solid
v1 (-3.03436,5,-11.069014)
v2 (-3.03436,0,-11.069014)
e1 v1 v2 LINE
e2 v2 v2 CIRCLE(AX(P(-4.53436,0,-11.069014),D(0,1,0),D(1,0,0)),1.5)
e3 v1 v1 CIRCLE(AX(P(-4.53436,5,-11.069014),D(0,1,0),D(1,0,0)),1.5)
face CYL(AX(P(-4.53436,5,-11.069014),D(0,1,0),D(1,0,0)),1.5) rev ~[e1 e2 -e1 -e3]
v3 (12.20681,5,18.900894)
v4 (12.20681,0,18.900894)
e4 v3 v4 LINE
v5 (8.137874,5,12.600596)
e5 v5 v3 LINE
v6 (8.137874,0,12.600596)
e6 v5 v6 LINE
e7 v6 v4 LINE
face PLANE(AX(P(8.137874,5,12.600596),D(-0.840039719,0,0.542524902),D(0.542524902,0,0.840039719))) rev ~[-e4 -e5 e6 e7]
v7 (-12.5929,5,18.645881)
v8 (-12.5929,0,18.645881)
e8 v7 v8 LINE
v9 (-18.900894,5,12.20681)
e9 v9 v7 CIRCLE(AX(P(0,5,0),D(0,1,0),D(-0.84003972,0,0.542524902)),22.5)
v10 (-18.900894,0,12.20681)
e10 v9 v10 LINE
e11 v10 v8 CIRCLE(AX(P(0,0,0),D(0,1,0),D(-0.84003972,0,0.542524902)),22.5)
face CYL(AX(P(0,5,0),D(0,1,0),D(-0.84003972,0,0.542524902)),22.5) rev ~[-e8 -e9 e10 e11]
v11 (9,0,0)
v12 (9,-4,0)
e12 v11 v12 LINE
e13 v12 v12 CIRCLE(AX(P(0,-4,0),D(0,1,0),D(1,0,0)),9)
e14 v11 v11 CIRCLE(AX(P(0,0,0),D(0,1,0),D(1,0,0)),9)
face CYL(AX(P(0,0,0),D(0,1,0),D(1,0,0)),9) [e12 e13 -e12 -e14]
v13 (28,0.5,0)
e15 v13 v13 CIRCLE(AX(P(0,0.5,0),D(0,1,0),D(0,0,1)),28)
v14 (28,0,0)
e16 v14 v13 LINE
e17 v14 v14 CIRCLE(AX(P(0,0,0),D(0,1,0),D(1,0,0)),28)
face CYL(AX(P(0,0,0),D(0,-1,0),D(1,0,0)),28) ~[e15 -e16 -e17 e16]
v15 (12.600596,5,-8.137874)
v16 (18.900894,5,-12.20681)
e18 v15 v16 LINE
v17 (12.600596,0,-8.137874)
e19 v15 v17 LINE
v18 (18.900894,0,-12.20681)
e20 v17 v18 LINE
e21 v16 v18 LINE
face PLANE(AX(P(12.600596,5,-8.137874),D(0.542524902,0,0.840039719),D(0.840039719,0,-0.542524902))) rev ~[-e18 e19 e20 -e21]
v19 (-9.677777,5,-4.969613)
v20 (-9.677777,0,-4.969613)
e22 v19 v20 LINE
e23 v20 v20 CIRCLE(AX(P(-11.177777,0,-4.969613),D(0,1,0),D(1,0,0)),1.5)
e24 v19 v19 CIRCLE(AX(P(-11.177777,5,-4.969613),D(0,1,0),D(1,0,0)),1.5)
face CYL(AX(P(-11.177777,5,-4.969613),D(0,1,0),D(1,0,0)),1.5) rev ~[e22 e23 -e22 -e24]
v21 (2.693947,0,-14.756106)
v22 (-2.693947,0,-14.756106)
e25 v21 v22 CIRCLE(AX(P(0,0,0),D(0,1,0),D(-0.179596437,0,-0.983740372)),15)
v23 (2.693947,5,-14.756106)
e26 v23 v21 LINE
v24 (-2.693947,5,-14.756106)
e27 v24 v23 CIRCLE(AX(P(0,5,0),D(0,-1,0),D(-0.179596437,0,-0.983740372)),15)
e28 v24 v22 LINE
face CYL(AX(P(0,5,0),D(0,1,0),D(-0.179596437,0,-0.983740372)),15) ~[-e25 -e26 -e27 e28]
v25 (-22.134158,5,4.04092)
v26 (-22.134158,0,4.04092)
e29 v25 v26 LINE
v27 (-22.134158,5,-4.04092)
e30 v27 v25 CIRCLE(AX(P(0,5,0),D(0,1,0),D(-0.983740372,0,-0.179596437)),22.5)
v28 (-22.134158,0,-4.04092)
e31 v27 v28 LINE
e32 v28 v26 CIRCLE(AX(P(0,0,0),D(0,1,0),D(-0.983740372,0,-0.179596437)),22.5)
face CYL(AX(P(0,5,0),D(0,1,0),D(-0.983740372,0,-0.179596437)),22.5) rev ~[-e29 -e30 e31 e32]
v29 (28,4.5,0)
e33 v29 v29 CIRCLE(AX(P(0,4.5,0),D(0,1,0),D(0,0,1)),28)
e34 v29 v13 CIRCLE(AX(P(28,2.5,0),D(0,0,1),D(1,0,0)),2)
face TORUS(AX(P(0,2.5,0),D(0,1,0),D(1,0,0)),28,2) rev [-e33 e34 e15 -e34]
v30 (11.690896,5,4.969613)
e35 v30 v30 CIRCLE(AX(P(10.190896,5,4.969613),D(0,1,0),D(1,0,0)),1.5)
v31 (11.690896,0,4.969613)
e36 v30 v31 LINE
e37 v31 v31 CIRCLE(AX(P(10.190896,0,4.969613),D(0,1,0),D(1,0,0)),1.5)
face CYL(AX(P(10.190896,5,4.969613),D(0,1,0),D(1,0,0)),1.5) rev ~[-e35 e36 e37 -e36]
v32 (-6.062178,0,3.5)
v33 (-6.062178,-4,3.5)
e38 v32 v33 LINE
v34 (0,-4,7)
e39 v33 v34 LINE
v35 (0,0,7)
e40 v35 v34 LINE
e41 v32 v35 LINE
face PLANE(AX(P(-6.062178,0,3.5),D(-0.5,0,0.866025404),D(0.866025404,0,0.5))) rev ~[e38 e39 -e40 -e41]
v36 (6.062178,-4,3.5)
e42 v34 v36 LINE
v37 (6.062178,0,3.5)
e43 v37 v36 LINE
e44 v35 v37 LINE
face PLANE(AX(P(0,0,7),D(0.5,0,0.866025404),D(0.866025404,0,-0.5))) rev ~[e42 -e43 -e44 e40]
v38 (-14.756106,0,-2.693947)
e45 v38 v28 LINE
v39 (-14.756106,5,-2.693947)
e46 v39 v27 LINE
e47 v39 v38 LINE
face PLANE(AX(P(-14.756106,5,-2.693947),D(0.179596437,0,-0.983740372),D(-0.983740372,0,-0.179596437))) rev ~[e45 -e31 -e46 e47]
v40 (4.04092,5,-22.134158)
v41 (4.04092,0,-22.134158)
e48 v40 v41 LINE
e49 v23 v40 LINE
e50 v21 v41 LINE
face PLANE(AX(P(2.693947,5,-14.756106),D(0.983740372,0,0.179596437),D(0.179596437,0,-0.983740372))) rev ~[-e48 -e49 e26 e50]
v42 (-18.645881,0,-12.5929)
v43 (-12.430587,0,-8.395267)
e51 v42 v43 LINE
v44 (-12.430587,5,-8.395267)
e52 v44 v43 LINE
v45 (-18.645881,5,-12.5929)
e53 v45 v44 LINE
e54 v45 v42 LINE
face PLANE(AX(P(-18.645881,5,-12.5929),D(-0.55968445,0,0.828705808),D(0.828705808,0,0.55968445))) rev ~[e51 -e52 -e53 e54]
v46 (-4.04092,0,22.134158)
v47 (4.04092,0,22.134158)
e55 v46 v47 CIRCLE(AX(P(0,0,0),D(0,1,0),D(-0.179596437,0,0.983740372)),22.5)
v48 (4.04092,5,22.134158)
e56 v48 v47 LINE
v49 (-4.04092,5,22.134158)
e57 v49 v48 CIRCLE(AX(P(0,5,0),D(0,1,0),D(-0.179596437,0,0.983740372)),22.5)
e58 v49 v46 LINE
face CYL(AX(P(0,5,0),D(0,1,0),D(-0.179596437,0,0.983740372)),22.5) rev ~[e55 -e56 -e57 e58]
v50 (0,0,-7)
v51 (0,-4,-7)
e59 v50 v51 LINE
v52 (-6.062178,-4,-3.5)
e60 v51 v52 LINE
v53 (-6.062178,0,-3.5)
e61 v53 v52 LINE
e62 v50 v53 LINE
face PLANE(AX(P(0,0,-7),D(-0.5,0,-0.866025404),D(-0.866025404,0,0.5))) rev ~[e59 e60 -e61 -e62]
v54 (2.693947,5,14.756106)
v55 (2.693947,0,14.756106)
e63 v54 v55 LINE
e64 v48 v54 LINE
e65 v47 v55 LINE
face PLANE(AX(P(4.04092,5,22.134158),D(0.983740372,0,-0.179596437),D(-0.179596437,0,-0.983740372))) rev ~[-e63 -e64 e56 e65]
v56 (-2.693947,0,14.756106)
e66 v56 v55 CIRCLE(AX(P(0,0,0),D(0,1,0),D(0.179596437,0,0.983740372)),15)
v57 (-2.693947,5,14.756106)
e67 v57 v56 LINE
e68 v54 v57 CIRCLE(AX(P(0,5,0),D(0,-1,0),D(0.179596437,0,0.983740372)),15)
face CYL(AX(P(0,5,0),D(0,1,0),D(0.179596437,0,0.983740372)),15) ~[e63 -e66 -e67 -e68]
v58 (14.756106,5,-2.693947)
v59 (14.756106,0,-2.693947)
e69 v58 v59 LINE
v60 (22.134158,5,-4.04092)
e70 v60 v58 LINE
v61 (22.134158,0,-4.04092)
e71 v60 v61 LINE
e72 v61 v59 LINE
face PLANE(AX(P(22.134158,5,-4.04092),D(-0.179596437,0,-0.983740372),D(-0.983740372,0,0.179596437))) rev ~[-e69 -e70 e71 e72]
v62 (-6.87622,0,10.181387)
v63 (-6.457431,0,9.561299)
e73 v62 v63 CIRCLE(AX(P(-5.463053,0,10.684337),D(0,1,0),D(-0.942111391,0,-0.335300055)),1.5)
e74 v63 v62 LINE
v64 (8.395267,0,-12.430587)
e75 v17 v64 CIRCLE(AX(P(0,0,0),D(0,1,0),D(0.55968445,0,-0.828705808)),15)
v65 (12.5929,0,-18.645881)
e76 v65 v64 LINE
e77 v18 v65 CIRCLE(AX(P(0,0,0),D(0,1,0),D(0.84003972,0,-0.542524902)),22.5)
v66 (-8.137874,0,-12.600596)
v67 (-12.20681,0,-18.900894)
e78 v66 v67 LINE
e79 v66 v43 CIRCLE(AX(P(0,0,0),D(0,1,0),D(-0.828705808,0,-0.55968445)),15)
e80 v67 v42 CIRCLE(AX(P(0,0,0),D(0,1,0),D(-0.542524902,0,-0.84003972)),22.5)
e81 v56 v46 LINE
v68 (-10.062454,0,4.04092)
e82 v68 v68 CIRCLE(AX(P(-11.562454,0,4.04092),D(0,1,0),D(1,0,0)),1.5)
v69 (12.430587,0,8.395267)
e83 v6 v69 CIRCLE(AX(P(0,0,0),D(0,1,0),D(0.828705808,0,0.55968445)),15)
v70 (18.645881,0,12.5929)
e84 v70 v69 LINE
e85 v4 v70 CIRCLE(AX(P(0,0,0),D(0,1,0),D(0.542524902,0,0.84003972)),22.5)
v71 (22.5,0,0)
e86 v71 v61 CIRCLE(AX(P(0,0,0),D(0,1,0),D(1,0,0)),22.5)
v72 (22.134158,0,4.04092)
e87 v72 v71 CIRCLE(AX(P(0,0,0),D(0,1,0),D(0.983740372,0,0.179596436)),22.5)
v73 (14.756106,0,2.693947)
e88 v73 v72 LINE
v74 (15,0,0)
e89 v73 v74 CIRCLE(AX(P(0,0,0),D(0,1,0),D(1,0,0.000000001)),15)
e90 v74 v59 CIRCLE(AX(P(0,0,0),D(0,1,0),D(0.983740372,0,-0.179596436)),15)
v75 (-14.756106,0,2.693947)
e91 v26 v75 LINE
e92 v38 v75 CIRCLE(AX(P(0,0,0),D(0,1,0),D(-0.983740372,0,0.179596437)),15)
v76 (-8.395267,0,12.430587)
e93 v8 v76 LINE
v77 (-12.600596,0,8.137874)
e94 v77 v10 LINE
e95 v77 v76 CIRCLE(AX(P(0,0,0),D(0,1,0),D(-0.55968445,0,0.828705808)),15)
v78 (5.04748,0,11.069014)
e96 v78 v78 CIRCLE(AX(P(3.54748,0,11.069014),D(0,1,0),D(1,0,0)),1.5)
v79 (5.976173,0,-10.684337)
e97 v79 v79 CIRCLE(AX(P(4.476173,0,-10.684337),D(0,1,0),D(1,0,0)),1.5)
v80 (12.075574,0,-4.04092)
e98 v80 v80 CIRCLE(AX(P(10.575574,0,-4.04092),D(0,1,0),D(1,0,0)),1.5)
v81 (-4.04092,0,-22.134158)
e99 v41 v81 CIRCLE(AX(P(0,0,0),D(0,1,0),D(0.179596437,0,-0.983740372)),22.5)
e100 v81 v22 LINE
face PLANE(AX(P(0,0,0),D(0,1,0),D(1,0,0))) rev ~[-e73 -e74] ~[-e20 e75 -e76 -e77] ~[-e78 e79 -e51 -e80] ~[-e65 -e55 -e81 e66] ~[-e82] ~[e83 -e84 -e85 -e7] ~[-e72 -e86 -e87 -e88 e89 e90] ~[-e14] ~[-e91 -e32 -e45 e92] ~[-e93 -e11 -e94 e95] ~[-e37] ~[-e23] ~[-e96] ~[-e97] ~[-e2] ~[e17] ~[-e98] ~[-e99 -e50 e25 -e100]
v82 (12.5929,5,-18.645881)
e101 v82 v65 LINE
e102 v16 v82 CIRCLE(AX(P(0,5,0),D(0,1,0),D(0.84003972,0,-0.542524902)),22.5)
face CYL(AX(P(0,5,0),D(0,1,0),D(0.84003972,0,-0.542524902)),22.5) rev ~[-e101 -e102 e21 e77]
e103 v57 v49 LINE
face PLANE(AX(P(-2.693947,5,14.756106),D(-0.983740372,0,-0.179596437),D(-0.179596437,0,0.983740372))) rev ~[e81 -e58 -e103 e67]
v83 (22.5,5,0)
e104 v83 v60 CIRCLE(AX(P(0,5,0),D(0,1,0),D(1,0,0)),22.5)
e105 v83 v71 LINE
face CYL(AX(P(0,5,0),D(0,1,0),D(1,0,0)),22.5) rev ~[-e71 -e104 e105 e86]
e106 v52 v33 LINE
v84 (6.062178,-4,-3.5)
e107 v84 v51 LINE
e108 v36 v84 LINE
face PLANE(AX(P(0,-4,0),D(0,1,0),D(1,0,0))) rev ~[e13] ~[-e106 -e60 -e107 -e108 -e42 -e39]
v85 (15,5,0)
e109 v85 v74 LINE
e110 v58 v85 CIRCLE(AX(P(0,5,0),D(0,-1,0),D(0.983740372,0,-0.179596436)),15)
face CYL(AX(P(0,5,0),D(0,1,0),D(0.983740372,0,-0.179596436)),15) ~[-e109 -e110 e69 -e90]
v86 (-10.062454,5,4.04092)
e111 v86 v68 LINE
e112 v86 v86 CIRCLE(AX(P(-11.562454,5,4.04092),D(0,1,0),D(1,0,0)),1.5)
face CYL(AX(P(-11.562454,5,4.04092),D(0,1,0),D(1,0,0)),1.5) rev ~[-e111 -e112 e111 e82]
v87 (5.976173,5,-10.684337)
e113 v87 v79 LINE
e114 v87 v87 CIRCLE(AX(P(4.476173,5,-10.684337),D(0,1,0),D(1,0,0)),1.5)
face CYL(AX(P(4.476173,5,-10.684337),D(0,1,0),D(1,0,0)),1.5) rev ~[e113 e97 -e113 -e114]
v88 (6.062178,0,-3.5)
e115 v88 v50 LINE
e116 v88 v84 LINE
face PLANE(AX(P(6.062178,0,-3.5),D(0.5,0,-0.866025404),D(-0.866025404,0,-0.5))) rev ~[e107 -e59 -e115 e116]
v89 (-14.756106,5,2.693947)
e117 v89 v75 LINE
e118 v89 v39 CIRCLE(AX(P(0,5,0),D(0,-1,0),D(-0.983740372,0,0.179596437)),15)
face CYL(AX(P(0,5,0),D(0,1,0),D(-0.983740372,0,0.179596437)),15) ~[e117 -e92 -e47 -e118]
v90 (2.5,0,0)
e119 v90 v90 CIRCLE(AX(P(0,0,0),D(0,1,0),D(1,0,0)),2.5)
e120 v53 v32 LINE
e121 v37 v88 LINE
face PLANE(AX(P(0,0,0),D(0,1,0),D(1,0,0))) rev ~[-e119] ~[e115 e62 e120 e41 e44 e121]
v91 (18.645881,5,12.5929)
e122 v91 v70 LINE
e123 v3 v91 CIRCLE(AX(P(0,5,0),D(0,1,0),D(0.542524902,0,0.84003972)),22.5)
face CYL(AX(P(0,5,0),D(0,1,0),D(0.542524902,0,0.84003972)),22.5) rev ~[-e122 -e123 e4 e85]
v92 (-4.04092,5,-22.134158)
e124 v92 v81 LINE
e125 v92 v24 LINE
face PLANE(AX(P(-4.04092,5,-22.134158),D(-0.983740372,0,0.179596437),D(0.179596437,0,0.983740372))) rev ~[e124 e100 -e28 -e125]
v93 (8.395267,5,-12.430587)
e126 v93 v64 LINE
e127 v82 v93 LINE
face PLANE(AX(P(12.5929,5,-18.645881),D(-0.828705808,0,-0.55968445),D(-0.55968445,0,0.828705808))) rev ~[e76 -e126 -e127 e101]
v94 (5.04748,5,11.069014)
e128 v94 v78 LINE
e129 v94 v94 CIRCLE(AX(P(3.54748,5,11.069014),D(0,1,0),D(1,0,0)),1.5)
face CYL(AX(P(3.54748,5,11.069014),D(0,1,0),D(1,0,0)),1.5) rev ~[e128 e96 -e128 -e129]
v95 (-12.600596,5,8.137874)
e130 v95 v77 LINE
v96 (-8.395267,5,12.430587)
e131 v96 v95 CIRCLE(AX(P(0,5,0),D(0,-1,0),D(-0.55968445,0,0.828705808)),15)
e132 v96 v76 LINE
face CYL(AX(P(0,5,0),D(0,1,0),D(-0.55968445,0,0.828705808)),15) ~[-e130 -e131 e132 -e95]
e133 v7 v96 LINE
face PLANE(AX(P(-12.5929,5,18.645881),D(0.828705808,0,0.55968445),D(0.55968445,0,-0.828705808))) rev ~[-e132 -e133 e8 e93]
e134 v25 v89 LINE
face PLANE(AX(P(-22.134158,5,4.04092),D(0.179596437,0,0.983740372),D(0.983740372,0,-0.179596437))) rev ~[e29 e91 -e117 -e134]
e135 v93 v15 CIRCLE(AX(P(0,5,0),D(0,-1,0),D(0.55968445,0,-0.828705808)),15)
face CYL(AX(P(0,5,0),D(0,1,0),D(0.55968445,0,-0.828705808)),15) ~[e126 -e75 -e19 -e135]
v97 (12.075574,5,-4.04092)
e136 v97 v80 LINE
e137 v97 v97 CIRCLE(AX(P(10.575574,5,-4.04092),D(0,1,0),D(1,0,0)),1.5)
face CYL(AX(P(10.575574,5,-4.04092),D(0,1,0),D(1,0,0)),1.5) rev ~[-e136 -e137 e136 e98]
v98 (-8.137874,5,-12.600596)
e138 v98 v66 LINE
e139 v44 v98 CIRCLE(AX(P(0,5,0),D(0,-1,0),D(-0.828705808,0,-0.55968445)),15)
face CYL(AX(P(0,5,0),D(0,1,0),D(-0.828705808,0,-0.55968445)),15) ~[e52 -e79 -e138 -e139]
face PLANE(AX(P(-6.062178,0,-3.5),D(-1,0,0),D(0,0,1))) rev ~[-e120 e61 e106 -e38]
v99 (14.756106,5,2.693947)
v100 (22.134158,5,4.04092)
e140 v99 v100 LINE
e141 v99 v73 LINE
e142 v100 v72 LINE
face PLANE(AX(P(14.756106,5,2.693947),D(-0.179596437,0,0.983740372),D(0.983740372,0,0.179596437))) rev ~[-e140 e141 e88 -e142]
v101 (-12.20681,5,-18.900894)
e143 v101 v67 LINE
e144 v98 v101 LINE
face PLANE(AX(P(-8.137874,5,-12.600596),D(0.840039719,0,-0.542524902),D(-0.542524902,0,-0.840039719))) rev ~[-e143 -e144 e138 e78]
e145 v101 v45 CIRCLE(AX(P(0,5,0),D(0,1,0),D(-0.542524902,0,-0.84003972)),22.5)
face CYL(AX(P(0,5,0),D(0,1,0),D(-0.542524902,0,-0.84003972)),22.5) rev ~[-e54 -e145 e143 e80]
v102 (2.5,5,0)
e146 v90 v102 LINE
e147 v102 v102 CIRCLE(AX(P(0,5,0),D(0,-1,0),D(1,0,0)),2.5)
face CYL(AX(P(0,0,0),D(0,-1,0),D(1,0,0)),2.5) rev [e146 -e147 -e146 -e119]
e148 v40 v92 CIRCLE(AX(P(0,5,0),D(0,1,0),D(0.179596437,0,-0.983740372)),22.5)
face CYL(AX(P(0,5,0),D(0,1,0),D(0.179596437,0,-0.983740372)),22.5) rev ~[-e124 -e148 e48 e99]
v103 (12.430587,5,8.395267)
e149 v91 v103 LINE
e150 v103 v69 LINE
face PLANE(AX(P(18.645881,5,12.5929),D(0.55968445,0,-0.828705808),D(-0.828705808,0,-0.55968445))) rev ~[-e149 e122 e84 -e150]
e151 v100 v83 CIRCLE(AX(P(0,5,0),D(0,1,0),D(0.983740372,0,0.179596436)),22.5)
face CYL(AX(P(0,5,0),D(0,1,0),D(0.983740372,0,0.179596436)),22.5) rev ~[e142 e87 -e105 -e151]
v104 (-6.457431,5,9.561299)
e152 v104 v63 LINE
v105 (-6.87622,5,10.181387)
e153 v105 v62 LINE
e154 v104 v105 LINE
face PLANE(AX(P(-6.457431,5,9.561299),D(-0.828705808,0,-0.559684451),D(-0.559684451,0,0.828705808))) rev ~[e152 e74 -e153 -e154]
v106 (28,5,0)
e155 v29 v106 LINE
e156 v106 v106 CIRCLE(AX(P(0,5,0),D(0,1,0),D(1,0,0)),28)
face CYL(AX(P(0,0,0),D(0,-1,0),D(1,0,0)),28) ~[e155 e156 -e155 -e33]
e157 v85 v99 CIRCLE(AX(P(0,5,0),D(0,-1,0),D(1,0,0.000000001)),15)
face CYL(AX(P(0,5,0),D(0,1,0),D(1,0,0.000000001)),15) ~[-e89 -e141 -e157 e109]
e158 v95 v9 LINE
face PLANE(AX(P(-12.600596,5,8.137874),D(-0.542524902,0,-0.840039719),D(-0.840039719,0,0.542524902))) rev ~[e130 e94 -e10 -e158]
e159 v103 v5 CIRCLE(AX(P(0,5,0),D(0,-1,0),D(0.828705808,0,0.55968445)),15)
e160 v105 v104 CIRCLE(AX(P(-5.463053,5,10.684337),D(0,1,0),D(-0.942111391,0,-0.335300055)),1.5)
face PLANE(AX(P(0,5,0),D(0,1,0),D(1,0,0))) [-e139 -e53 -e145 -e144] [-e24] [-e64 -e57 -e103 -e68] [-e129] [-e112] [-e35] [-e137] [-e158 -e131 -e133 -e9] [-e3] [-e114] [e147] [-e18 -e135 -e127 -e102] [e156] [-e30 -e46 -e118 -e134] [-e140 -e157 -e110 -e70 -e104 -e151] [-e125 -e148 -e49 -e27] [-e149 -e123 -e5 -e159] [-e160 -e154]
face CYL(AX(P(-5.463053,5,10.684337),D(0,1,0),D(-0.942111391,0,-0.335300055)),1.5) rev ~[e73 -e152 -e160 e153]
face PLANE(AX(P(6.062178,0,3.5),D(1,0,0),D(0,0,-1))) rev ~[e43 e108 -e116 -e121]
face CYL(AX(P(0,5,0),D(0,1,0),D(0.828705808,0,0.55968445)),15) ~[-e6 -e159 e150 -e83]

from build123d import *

# Parameters (mm, degrees)
SKETCH6_R                = 28
BOSS_EXTRUDE3_DEPTH      = 5
CUT_EXTRUDE4_DEPTH       = 1
CUT_EXTRUDE4_DEPTH_BACK  = 6
SKETCH7_8_R              = 1.5
CUT_EXTRUDE5_DEPTH       = 1
CUT_EXTRUDE5_DEPTH_BACK  = 6
SKETCH10_R               = 2
SKETCH11_R               = 2.5
CUT_EXTRUDE14_DEPTH      = 6
CUT_EXTRUDE14_DEPTH_BACK = 5
SKETCH12_R               = 9
BOSS_EXTRUDE4_DEPTH      = 4


with BuildPart() as part:
    # Sketch6 → Boss-Extrude3 (new body)
    with BuildSketch(Plane(origin=(0, 0, 0), x_dir=(1, 0, 0), z_dir=(0, 1, 0))):
        Circle(SKETCH6_R)
    extrude(amount=BOSS_EXTRUDE3_DEPTH)

    # Sketch7 → Cut-Extrude4 (cut, two sides)
    with BuildSketch(Plane(origin=(0, 5, 0), x_dir=(1, 0, 0), z_dir=(0, 1, 0))) as cut_extrude4_sk:
        with BuildLine():
            Line((12.600595793, 8.137873534), (18.900893689, 12.206810302))
            ThreePointArc((18.900893689, 12.206810302), (16.072652831, 15.745470173), (12.592900123, 18.645880684))
            Line((12.592900123, 18.645880684), (8.395266749, 12.430587123))
            ThreePointArc((8.395266749, 12.430587123), (10.715101887, 10.496980115), (12.600595793, 8.137873534))
        make_face()
        with BuildLine():
            Line((2.693946551, 14.756105583), (4.040919826, 22.134158375))
            ThreePointArc((4.040919826, 22.134158375), (0, 22.5), (-4.040919826, 22.134158375))
            Line((-4.040919826, 22.134158375), (-2.693946551, 14.756105583))
            ThreePointArc((-2.693946551, 14.756105583), (0, 15), (2.693946551, 14.756105583))
        make_face()
        with BuildLine():
            Line((-8.137873534, 12.600595793), (-12.206810302, 18.900893689))
            ThreePointArc((-12.206810302, 18.900893689), (-15.745470173, 16.072652831), (-18.645880684, 12.592900123))
            Line((-18.645880684, 12.592900123), (-12.430587123, 8.395266749))
            ThreePointArc((-12.430587123, 8.395266749), (-10.496980115, 10.715101887), (-8.137873534, 12.600595793))
        make_face()
        with BuildLine():
            Line((-14.756105583, 2.693946551), (-22.134158375, 4.040919826))
            ThreePointArc((-22.134158375, 4.040919826), (-22.5, 0), (-22.134158375, -4.040919826))
            Line((-22.134158375, -4.040919826), (-14.756105583, -2.693946551))
            ThreePointArc((-14.756105583, -2.693946551), (-15, 0), (-14.756105583, 2.693946551))
        make_face()
        with BuildLine():
            ThreePointArc((-18.900893689, -12.206810302), (-16.072652831, -15.745470173), (-12.592900123, -18.645880684))
            Line((-12.592900123, -18.645880684), (-8.395266749, -12.430587123))
            ThreePointArc((-8.395266749, -12.430587123), (-10.715101887, -10.496980115), (-12.600595793, -8.137873534))
            Line((-12.600595793, -8.137873534), (-18.900893689, -12.206810302))
        make_face()
        with BuildLine():
            ThreePointArc((-4.040919826, -22.134158375), (0, -22.5), (4.040919826, -22.134158375))
            Line((4.040919826, -22.134158375), (2.693946551, -14.756105583))
            ThreePointArc((2.693946551, -14.756105583), (0, -15), (-2.693946551, -14.756105583))
            Line((-2.693946551, -14.756105583), (-4.040919826, -22.134158375))
        make_face()
        with BuildLine():
            ThreePointArc((12.206810302, -18.900893689), (15.745470173, -16.072652831), (18.645880684, -12.592900123))
            Line((18.645880684, -12.592900123), (12.430587123, -8.395266749))
            ThreePointArc((12.430587123, -8.395266749), (10.496980115, -10.715101887), (8.137873534, -12.600595793))
            Line((8.137873534, -12.600595793), (12.206810302, -18.900893689))
        make_face()
        with BuildLine():
            ThreePointArc((22.5, 0), (22.408352945, 2.028723314), (22.134158375, 4.040919826))
            Line((22.134158375, 4.040919826), (14.756105583, 2.693946551))
            ThreePointArc((14.756105583, 2.693946551), (14.938901963, 1.352482209), (15, 0))
            ThreePointArc((15, 0), (14.938901963, -1.352482209), (14.756105583, -2.693946551))
            Line((14.756105583, -2.693946551), (22.134158375, -4.040919826))
            ThreePointArc((22.134158375, -4.040919826), (22.408352945, -2.028723314), (22.5, 0))
        make_face()
    extrude(amount=CUT_EXTRUDE4_DEPTH, mode=Mode.SUBTRACT)
    extrude(cut_extrude4_sk.sketch, amount=-CUT_EXTRUDE4_DEPTH_BACK, mode=Mode.SUBTRACT)

    # Sketch7<8> → Cut-Extrude5 (cut, two sides)
    with BuildSketch(Plane(origin=(0, 5, 0), x_dir=(1, 0, 0), z_dir=(0, 1, 0))) as cut_extrude5_sk:
        with Locations((10.5755737, 4.040919826)):
            Circle(SKETCH7_8_R)
        with Locations((10.190896389, -4.969613007)):
            Circle(SKETCH7_8_R)
        with Locations((4.476172766, 10.68433663)):
            Circle(SKETCH7_8_R)
        with Locations((3.547479586, -11.06901394)):
            Circle(SKETCH7_8_R)
        with Locations((-4.534360067, 11.06901394)):
            Circle(SKETCH7_8_R)
        with BuildLine():
            ThreePointArc((-6.876220335, -10.181386548), (-4.219994535, -11.523863304), (-6.457430859, -9.561299157))
            Line((-6.457430859, -9.561299157), (-6.876220335, -10.181386548))
        make_face()
        with Locations((-11.17777687, 4.969613007)):
            Circle(SKETCH7_8_R)
        with Locations((-11.562454181, -4.040919826)):
            Circle(SKETCH7_8_R)
    extrude(amount=CUT_EXTRUDE5_DEPTH, mode=Mode.SUBTRACT)
    extrude(cut_extrude5_sk.sketch, amount=-CUT_EXTRUDE5_DEPTH_BACK, mode=Mode.SUBTRACT)

    # Sketch10 → Cut-Revolve1 (revolve, cut)
    with BuildSketch(Plane.XY):
        with Locations((28, 2.5)):
            Circle(SKETCH10_R)
    revolve(axis=Axis((0, 40.614262211, 0), (0, -1, 0)), mode=Mode.SUBTRACT)

    # Sketch11 → Cut-Extrude14 (cut, two sides)
    with BuildSketch(Plane(origin=(0, 0, 0), x_dir=(1, 0, 0), z_dir=(0, 1, 0))) as cut_extrude14_sk:
        Circle(SKETCH11_R)
    extrude(amount=CUT_EXTRUDE14_DEPTH, mode=Mode.SUBTRACT)
    extrude(cut_extrude14_sk.sketch, amount=-CUT_EXTRUDE14_DEPTH_BACK, mode=Mode.SUBTRACT)

    # Sketch12 → Boss-Extrude4 (add)
    with BuildSketch(Plane(origin=(0, 0, 0), x_dir=(1, 0, 0), z_dir=(0, 1, 0))):
        Circle(SKETCH12_R)
        Polygon((0, 7), (-6.062177826, 3.5), (-6.062177826, -3.5), (0, -7), (6.062177826, -3.5), (6.062177826, 3.5), align=None, mode=Mode.SUBTRACT)
    extrude(amount=-BOSS_EXTRUDE4_DEPTH)


solid = part.part
